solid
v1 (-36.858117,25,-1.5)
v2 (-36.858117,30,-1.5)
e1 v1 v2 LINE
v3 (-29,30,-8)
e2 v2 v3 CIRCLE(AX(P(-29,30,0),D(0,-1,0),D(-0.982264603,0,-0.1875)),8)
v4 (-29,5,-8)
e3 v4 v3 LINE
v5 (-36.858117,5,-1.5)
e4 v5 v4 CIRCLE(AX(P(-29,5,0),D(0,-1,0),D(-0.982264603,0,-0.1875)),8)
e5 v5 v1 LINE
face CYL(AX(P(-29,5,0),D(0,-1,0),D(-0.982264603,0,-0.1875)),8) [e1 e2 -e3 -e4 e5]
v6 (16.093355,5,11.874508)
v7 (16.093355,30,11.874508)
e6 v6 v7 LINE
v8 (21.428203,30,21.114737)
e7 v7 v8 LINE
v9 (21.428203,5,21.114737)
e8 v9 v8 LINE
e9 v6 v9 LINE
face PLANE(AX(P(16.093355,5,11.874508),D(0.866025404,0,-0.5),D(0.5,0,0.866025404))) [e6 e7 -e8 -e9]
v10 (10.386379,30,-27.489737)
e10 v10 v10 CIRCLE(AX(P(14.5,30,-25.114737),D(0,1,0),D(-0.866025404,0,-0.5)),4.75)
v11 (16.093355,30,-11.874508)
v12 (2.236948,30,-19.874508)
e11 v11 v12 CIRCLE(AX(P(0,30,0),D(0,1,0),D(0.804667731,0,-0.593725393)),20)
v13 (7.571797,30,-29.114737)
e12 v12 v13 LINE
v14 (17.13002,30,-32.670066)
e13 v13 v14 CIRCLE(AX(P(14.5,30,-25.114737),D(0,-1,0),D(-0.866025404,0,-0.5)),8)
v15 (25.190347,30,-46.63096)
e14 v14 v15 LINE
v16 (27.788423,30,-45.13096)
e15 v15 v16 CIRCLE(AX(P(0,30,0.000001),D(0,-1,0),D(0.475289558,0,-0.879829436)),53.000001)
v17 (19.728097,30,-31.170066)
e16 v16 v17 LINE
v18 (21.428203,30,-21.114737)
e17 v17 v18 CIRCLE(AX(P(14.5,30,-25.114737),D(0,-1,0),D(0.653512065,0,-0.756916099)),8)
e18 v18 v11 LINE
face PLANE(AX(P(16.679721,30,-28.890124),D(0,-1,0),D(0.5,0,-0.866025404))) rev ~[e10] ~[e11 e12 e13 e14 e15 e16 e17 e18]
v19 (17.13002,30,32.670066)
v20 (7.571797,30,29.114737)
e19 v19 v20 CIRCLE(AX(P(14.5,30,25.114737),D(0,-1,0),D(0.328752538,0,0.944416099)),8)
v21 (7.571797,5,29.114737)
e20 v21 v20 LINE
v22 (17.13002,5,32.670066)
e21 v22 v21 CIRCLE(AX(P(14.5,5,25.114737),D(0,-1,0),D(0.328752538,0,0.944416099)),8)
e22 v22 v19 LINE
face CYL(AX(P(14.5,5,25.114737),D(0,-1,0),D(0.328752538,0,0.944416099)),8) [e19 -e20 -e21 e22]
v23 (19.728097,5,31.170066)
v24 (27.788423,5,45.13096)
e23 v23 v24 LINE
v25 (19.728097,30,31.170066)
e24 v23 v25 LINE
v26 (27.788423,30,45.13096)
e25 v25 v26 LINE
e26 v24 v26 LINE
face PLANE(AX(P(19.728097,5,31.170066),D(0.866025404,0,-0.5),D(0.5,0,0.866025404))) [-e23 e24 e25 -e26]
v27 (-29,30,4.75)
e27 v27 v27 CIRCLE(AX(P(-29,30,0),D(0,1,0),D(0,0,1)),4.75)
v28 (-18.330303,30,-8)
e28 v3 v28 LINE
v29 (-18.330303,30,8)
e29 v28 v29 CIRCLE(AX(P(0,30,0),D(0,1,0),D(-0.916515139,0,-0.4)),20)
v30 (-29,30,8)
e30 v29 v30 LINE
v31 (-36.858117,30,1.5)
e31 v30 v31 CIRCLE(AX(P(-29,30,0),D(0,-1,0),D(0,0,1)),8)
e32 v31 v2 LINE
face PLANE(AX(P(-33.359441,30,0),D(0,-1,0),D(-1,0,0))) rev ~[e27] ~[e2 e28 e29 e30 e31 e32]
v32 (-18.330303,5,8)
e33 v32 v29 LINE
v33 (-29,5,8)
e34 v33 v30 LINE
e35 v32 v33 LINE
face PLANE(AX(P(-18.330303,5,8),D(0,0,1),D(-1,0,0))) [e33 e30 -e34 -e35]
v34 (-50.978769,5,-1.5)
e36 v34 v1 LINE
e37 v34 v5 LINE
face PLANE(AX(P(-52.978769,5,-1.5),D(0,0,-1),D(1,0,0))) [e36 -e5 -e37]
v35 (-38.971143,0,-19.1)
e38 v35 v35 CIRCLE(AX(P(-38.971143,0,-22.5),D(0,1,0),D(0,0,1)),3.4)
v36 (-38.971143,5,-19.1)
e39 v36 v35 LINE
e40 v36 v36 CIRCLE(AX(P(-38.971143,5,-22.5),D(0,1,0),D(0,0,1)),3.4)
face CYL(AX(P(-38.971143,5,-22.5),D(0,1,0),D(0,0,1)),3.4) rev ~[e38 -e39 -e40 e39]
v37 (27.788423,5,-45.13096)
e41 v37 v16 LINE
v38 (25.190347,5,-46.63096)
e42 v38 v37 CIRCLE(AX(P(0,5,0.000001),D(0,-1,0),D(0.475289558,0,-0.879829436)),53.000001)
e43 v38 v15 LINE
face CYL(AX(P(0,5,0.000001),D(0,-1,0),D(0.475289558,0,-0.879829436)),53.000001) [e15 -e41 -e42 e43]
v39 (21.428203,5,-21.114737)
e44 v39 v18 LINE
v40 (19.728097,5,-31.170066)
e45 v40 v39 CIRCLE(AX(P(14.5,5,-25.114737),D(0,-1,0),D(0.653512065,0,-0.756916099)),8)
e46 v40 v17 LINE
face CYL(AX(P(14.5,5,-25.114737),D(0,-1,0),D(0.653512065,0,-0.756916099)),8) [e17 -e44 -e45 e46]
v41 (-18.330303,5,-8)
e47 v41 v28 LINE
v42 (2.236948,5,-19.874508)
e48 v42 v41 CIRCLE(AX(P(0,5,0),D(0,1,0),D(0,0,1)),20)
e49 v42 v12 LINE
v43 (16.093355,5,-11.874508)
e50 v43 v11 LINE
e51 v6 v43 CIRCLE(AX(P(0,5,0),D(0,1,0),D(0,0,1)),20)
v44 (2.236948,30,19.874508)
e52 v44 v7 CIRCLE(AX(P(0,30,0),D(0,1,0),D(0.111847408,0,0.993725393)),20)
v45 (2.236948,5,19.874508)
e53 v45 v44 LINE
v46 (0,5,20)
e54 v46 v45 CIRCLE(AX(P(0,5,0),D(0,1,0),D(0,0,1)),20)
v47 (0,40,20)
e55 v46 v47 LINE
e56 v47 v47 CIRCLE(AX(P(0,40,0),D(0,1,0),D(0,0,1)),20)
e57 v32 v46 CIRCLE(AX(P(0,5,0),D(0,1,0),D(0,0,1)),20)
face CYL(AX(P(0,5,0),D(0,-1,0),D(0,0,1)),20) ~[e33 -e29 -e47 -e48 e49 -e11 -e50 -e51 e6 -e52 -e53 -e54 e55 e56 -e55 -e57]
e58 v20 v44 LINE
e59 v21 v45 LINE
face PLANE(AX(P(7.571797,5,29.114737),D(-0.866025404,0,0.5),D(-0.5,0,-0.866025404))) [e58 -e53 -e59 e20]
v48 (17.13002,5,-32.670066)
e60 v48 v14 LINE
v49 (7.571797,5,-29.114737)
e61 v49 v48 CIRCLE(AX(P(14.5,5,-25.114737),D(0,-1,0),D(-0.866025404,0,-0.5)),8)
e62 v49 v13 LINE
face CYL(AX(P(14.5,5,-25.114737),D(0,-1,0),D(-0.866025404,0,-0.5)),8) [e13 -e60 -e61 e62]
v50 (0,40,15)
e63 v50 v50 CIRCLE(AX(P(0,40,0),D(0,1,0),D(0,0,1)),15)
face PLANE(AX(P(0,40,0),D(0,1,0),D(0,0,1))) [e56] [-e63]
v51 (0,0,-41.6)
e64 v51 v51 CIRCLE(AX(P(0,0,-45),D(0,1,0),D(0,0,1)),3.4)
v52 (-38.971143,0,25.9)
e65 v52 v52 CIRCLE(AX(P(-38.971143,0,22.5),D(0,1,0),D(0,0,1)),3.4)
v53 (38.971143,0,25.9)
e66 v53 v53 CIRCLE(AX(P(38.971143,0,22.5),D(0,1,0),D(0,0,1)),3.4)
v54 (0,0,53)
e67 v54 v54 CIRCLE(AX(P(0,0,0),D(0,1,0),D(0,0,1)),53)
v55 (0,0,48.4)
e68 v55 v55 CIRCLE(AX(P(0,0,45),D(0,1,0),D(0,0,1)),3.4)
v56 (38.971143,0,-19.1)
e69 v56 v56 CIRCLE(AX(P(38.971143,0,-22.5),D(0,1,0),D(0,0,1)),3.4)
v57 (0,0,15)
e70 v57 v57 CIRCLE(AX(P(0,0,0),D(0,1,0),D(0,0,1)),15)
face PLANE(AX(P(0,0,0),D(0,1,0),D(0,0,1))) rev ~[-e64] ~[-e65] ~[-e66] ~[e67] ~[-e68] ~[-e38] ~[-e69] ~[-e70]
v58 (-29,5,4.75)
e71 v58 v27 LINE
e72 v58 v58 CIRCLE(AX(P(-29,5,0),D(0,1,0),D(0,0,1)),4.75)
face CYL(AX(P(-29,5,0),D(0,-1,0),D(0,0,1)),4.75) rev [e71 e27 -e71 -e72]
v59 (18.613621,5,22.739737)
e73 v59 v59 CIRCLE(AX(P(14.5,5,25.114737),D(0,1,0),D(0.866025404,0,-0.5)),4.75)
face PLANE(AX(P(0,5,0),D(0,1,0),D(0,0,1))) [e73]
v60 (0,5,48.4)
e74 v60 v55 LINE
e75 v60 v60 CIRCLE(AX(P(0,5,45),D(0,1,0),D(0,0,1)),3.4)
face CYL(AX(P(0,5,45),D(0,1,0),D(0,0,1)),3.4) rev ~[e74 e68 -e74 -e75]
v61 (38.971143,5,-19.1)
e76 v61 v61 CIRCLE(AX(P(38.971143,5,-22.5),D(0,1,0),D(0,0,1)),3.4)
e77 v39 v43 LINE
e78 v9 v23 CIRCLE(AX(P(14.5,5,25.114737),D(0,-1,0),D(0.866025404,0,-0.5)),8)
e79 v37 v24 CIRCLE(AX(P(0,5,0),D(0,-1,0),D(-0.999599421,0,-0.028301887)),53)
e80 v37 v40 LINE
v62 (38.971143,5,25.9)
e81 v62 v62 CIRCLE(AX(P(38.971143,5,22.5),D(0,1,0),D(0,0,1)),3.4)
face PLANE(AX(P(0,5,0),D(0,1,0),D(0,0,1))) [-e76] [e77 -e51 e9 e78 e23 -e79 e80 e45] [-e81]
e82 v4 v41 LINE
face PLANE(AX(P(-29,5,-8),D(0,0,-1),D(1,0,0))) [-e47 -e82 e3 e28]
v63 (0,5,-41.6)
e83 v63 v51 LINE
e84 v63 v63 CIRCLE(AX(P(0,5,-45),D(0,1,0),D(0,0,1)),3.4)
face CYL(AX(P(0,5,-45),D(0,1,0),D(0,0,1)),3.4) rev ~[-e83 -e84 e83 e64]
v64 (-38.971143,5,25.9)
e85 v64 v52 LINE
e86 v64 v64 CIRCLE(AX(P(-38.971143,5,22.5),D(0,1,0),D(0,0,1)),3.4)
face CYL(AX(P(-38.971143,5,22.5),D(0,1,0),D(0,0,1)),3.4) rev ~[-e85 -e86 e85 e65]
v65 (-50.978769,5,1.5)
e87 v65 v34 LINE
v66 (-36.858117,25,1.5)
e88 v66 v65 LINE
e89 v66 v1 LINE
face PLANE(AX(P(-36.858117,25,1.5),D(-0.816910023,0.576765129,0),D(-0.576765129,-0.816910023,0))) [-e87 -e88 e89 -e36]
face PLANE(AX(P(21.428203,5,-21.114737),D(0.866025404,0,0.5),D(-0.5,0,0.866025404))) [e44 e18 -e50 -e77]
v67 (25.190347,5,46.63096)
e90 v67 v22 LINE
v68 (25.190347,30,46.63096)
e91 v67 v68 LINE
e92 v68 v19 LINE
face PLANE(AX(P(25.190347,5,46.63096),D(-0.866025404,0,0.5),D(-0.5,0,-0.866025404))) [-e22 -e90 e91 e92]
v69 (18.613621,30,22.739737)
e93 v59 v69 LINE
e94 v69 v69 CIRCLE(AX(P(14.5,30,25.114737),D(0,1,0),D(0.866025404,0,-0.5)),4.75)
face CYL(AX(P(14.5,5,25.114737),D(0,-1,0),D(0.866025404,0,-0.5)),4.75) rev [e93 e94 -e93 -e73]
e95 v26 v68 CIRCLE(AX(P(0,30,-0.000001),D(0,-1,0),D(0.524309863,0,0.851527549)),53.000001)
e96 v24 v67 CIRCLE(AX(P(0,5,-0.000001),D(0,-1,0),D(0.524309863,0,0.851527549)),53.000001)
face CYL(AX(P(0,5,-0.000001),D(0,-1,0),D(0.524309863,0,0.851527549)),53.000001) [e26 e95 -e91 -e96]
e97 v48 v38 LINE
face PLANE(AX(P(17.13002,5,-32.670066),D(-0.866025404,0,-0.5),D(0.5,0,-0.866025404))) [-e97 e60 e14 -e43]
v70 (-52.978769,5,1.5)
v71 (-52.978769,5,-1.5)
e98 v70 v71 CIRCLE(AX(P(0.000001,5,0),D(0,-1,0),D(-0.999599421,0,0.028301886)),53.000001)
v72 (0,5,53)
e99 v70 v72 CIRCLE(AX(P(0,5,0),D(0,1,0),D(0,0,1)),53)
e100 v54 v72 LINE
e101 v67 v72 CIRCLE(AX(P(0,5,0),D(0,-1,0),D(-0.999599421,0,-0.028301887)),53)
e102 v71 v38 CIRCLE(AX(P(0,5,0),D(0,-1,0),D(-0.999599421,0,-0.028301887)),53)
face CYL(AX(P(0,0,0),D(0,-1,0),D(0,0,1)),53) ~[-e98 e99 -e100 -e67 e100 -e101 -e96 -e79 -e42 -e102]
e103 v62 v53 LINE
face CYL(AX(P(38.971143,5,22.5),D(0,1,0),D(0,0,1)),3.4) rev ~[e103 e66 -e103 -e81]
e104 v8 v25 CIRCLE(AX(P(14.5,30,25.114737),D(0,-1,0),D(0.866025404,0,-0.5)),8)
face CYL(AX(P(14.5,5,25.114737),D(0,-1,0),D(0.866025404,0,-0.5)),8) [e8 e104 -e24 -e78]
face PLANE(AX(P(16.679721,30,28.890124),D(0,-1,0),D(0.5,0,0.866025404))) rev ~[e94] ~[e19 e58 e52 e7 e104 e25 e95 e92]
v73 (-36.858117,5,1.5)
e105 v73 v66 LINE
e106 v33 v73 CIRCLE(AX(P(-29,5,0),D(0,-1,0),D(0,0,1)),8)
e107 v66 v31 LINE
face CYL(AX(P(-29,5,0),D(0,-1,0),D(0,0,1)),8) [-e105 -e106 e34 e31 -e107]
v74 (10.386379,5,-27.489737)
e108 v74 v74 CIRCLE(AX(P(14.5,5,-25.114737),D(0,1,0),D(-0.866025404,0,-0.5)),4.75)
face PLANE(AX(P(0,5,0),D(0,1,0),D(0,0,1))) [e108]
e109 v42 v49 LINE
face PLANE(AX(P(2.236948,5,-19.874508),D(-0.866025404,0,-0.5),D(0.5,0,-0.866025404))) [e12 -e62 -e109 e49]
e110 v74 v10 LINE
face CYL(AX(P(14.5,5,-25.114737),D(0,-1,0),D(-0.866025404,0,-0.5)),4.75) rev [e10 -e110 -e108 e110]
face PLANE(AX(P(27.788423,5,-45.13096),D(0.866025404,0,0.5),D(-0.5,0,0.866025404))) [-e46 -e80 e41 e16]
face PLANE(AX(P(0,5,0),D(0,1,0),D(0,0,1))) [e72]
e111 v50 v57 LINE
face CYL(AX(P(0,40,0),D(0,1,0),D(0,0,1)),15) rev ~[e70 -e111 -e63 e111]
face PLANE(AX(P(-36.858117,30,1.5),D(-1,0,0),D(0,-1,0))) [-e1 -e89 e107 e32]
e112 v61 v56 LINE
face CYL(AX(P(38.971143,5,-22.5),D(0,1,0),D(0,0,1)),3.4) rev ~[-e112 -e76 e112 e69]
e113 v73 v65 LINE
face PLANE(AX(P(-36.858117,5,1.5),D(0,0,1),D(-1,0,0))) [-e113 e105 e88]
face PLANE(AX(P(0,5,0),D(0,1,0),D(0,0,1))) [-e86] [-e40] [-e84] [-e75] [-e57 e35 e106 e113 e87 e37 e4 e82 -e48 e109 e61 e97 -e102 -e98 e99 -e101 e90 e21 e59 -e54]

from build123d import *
from build123d.topology import SkipClean

# Parameters (mm, degrees)
SKETCH1_R           = 53
BOSS_EXTRUDE1_DEPTH = 5
SKETCH2_R           = 20
BOSS_EXTRUDE2_DEPTH = 35
SKETCH3_R           = 15
CUT_EXTRUDE1_DEPTH  = 85.958813551
BOSS_EXTRUDE3_START = -25
SKETCH4_R           = 4.75
BOSS_EXTRUDE3_DEPTH = 25
CUT_EXTRUDE2_DEPTH  = 86.902561079
CIRPATTERN1_COUNT   = 3
SKETCH6_R           = 3.4
CUT_EXTRUDE3_DEPTH  = 83.722427431


with BuildPart() as part:
    # Sketch1 → Boss-Extrude1 (new body)
    with BuildSketch(Plane(origin=(0, 0, 0), x_dir=(1, 0, 0), z_dir=(0, 1, 0))):
        with Locations(Location((0, 0, 0), (0, 0, 270))):
            Circle(SKETCH1_R)
    extrude(amount=BOSS_EXTRUDE1_DEPTH)

    # Sketch2 → Boss-Extrude2 (add)
    with BuildSketch(Plane(origin=(0, 5, 0), x_dir=(1, 0, 0), z_dir=(0, 1, 0))):
        with Locations(Location((0, 0, 0), (0, 0, 270))):
            Circle(SKETCH2_R)
    extrude(amount=BOSS_EXTRUDE2_DEPTH)

    # Sketch3 → Cut-Extrude1 (cut, through all)
    with BuildSketch(Plane(origin=(0, 40, 0), x_dir=(1, 0, 0), z_dir=(0, 1, 0))):
        with Locations(Location((0, 0, 0), (0, 0, 270))):
            Circle(SKETCH3_R)
    extrude(amount=-CUT_EXTRUDE1_DEPTH, mode=Mode.SUBTRACT)

    # Sketch4 → Boss-Extrude3 (add)
    with BuildSketch(Plane(origin=(0, 30, 0), x_dir=(1, 0, 0), z_dir=(0, 1, 0)).offset(BOSS_EXTRUDE3_START)):
        with BuildLine():
            Line((-29, 8), (-18.33030278, 8))
            ThreePointArc((-18.33030278, 8), (-20, 0), (-18.33030278, -8))
            Line((-18.33030278, -8), (-29, -8))
            ThreePointArc((-29, -8), (-34.099019514, -6.164414003), (-36.858116823, -1.5))
            Line((-36.858116823, -1.5), (-52.978769333, -1.5))
            ThreePointArc((-52.978769333, -1.5), (-53, 0), (-52.978769333, 1.5))
            Line((-52.978769333, 1.5), (-36.858116823, 1.5))
            ThreePointArc((-36.858116823, 1.5), (-34.099019514, 6.164414003), (-29, 8))
        make_face()
        with Locations(Location((-29, 0, 0), (0, 0, 270))):
            Circle(SKETCH4_R, mode=Mode.SUBTRACT)
    boss_extrude3 = extrude(amount=BOSS_EXTRUDE3_DEPTH)

    # Sketch5 → Cut-Extrude2 (cut, through all)
    with BuildSketch(Plane.XY.offset(1.5)):
        Polygon((-36.858116823, 25), (-50.978769333, 5), (-53.978769333, 5), (-53.978769333, 30), (-36.858116823, 30), align=None)
    extrude(amount=-CUT_EXTRUDE2_DEPTH, mode=Mode.SUBTRACT)

    # CirPattern1: Boss-Extrude3 ×3 about axis
    with SkipClean():  # the faces are left unmerged after this step: merging them gives an invalid solid
        cirpattern1_axis = Axis((0, 0, 0), (0, 1, 0))
        for i in range(1, CIRPATTERN1_COUNT):
            add(boss_extrude3.rotate(cirpattern1_axis, i * 360 / CIRPATTERN1_COUNT))

    # Sketch6 → Cut-Extrude3 (cut, through all)
    with SkipClean():  # the faces are left unmerged after this step: merging them gives an invalid solid
        with BuildSketch(Plane(origin=(0, 5, 0), x_dir=(1, 0, 0), z_dir=(0, 1, 0))):
            with Locations(Location((0, 45, 0), (0, 0, 270))):
                Circle(SKETCH6_R)
            with Locations(Location((38.97114317, 22.5, 0), (0, 0, 270))):
                Circle(SKETCH6_R)
            with Locations(Location((38.97114317, -22.5, 0), (0, 0, 270))):
                Circle(SKETCH6_R)
            with Locations(Location((0, -45, 0), (0, 0, 270))):
                Circle(SKETCH6_R)
            with Locations(Location((-38.97114317, -22.5, 0), (0, 0, 270))):
                Circle(SKETCH6_R)
            with Locations(Location((-38.97114317, 22.5, 0), (0, 0, 270))):
                Circle(SKETCH6_R)
        extrude(amount=-CUT_EXTRUDE3_DEPTH, mode=Mode.SUBTRACT)


solid = part.part
